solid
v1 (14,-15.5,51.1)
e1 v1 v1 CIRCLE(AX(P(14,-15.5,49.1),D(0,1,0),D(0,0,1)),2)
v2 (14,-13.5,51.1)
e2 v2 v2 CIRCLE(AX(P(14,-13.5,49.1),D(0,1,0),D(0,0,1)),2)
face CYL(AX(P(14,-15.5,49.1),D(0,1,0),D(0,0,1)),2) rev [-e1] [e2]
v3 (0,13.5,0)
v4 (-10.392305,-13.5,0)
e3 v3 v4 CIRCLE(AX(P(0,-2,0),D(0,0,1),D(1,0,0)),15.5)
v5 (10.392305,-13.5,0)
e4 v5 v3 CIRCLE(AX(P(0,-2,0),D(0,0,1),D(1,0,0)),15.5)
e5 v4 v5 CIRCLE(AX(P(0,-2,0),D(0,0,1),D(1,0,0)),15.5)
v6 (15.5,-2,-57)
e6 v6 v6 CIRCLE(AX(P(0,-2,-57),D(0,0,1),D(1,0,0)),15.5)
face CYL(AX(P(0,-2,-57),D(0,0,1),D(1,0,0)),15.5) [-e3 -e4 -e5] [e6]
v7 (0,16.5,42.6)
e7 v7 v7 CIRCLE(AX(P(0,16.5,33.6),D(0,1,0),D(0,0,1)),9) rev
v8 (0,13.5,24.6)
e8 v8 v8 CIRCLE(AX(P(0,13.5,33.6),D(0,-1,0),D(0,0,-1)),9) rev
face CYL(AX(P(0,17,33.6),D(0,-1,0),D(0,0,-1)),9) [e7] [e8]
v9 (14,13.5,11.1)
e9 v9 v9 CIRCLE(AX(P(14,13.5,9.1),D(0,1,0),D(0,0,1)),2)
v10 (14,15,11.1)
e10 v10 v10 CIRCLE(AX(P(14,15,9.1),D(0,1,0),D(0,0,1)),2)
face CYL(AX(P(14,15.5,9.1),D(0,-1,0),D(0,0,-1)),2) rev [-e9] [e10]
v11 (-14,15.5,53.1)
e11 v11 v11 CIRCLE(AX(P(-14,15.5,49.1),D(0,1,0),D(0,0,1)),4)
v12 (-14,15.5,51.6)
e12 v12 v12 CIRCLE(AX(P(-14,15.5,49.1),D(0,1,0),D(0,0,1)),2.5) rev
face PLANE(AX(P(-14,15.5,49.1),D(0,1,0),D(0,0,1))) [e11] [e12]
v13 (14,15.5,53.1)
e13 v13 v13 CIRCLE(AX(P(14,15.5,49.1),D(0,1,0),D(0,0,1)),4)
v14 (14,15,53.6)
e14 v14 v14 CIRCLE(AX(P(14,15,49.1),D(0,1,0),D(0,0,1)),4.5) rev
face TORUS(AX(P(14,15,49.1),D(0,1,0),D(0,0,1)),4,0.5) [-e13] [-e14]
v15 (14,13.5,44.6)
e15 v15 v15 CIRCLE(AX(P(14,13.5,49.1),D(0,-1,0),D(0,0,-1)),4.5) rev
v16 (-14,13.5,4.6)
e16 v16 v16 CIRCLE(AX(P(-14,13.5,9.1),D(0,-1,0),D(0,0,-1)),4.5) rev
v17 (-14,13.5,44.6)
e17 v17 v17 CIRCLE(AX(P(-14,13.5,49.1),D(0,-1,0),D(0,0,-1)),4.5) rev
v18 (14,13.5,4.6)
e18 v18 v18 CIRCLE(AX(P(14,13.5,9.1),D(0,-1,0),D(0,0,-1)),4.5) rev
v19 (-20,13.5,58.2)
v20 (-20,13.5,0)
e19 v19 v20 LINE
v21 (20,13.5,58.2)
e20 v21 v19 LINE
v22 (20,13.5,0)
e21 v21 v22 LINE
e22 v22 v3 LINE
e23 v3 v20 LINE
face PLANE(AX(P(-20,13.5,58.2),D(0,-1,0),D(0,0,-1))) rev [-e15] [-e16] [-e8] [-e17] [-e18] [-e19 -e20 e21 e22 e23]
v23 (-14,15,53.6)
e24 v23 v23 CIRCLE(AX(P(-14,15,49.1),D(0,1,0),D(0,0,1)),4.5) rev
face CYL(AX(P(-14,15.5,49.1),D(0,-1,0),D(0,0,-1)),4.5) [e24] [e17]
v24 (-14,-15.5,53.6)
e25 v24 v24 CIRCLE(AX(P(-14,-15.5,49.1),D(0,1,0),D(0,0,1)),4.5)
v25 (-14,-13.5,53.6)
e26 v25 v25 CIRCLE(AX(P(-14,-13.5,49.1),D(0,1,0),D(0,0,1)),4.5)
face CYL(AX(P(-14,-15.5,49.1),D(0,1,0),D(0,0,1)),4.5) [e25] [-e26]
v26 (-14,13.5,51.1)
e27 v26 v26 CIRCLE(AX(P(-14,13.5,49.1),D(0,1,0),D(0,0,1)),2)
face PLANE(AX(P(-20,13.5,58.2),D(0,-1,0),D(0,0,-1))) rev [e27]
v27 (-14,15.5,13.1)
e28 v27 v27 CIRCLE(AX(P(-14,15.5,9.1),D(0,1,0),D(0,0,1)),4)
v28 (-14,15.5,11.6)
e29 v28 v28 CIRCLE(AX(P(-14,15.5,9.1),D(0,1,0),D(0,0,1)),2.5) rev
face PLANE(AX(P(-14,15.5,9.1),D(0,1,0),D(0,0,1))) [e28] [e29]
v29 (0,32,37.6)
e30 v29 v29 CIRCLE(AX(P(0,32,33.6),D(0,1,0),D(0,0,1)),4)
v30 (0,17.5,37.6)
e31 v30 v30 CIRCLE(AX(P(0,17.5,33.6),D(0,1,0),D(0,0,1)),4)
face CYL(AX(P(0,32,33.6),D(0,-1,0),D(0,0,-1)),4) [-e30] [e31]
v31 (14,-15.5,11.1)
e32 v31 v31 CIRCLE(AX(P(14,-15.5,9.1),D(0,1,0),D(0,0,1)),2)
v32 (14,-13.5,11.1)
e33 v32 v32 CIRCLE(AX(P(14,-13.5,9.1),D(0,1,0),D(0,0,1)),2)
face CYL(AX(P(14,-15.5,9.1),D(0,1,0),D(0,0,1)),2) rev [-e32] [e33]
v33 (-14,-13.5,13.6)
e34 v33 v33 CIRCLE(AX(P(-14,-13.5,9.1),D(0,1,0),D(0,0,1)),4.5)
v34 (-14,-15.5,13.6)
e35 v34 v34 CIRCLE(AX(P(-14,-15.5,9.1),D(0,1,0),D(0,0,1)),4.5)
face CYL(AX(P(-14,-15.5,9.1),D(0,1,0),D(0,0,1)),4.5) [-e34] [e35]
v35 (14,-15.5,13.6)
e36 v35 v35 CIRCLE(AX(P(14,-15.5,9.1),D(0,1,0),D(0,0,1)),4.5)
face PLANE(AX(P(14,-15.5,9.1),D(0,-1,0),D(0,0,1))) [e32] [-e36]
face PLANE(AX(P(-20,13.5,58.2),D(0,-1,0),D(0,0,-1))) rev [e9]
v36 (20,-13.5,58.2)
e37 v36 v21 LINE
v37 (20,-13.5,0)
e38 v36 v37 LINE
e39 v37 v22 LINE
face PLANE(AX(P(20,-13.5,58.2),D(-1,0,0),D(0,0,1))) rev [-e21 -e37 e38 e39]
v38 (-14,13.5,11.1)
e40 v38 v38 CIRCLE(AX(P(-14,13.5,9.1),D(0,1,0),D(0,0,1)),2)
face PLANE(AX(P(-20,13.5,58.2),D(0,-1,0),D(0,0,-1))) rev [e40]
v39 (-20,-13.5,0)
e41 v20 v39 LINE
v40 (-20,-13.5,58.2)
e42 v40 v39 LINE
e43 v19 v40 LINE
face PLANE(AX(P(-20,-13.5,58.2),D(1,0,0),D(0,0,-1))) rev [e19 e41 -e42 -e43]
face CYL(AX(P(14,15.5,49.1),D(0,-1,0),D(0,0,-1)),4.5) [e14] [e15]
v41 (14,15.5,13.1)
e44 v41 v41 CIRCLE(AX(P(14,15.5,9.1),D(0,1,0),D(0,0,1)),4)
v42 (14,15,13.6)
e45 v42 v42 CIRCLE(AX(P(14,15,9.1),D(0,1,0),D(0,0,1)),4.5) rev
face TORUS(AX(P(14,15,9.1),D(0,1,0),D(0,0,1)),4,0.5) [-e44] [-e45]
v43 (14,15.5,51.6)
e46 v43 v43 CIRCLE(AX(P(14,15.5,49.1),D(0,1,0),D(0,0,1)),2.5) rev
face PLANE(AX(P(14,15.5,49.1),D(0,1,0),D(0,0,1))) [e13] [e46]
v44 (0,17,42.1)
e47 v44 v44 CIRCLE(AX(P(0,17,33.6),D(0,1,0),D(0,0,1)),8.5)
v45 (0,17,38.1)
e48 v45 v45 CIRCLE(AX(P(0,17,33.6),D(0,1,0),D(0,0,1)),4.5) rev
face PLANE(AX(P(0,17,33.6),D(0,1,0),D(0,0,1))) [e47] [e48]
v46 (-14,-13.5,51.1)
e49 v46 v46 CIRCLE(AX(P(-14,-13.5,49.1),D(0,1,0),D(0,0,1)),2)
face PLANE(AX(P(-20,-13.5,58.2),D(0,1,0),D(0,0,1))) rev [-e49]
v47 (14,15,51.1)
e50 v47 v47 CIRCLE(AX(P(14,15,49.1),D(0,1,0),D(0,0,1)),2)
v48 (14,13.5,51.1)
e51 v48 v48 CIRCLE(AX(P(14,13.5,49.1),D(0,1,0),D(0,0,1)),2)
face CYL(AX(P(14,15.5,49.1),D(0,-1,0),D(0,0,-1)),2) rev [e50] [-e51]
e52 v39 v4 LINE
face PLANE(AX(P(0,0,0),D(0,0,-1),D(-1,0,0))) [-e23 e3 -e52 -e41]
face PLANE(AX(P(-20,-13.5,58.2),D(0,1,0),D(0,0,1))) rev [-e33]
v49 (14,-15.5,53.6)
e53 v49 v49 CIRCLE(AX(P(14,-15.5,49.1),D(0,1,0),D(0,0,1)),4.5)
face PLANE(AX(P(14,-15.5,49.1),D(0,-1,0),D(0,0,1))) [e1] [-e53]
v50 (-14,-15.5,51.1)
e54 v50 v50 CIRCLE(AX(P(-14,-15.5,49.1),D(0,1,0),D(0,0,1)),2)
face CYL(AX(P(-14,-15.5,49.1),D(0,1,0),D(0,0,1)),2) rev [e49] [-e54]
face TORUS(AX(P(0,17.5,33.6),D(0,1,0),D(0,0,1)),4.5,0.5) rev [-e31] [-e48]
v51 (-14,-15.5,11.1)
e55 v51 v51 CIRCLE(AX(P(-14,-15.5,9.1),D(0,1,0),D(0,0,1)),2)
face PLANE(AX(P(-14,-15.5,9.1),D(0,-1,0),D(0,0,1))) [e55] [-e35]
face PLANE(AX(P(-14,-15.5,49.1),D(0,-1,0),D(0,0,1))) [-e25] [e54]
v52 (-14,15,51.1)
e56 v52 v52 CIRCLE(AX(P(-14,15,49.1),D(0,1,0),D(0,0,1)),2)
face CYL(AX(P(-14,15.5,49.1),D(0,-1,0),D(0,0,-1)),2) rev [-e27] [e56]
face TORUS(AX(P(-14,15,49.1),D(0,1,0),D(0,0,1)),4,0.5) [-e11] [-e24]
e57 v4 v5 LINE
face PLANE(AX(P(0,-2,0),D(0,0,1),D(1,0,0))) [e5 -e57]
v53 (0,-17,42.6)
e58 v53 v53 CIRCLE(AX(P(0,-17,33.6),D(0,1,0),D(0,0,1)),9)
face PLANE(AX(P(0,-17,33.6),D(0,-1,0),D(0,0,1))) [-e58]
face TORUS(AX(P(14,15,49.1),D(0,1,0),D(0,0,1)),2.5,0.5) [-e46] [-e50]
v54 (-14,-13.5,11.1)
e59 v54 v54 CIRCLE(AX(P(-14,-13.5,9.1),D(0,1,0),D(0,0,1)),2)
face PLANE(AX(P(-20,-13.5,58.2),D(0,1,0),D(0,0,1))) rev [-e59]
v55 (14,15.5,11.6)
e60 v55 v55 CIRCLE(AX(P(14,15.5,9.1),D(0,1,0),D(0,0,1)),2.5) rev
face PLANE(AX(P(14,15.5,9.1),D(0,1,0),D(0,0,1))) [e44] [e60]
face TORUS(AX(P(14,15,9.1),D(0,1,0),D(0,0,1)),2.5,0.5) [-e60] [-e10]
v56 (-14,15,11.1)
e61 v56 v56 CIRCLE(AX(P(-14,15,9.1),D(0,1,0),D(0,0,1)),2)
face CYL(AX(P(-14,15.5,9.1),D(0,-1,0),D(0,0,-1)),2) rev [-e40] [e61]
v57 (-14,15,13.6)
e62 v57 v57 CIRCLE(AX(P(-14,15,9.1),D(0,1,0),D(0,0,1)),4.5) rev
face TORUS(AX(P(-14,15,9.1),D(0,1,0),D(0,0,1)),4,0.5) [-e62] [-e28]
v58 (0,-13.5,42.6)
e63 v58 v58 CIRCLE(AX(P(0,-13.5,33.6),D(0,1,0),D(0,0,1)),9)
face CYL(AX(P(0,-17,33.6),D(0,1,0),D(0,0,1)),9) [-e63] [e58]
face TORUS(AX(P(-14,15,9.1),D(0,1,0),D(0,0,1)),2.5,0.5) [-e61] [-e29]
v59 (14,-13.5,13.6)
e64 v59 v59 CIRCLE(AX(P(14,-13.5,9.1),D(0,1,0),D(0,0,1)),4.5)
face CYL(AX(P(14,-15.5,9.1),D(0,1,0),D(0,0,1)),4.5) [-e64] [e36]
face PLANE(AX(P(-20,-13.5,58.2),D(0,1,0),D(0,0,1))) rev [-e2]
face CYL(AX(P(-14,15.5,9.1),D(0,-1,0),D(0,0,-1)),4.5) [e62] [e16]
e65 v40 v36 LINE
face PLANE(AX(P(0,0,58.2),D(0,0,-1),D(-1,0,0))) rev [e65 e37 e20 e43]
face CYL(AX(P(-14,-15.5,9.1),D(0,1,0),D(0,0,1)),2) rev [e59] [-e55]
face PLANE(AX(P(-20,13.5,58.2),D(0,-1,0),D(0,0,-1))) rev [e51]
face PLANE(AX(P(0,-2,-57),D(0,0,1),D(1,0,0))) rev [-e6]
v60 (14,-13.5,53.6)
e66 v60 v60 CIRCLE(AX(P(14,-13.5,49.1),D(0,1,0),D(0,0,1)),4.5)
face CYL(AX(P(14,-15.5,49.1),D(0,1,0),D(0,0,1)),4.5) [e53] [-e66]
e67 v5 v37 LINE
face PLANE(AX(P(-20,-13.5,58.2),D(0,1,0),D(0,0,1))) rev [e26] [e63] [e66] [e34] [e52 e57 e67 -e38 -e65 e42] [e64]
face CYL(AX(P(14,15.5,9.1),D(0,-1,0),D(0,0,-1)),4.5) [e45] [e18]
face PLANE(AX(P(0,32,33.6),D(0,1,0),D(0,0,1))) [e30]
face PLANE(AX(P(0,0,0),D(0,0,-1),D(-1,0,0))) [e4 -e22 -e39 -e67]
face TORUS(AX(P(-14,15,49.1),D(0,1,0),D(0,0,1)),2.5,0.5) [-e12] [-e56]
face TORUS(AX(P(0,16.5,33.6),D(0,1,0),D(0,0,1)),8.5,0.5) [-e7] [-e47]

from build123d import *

# Parameters (mm, degrees)
SKETCH1_W           = 40
SKETCH1_H           = 27
BOSS_EXTRUDE1_DEPTH = 58.2
SKETCH3_R           = 15.5
BOSS_EXTRUDE2_DEPTH = 57
SKETCH4_R           = 4.5
SKETCH4_R_2         = 2
BOSS_EXTRUDE3_DEPTH = 2
SKETCH5_R           = 9
BOSS_EXTRUDE4_DEPTH = 3.5
SKETCH6_R           = 4
BOSS_EXTRUDE5_DEPTH = 15
FILLET1_R           = 0.5


with BuildPart() as part:
    # Sketch1 → Boss-Extrude1 (new body)
    with BuildSketch(Plane.XY):
        Rectangle(SKETCH1_W, SKETCH1_H)
    extrude(amount=BOSS_EXTRUDE1_DEPTH)

    # Sketch3 → Boss-Extrude2 (add)
    with BuildSketch(Plane.XY):
        with Locations((0, -2)):
            Circle(SKETCH3_R)
    extrude(amount=-BOSS_EXTRUDE2_DEPTH)

    # Sketch4 → Boss-Extrude3 (add)
    # profile 1 of 4: a face of its own
    with BuildSketch(Plane(origin=(0, 13.5, 0), x_dir=(1, 0, 0), z_dir=(0, 1, 0))):
        with Locations(Location((14, -9.1, 0), (0, 0, 90))):
            Circle(SKETCH4_R)
        with Locations(Location((14, -9.1, 0), (0, 0, 270))):
            Circle(SKETCH4_R_2, mode=Mode.SUBTRACT)
    # profile 2 of 4: a face of its own
    with BuildSketch(Plane(origin=(0, 13.5, 0), x_dir=(1, 0, 0), z_dir=(0, 1, 0))):
        with Locations(Location((-14, -9.1, 0), (0, 0, 90))):
            Circle(SKETCH4_R)
        with Locations(Location((-14, -9.1, 0), (0, 0, 270))):
            Circle(SKETCH4_R_2, mode=Mode.SUBTRACT)
    # profile 3 of 4: a face of its own
    with BuildSketch(Plane(origin=(0, 13.5, 0), x_dir=(1, 0, 0), z_dir=(0, 1, 0))):
        with Locations(Location((14, -49.1, 0), (0, 0, 90))):
            Circle(SKETCH4_R)
        with Locations(Location((14, -49.1, 0), (0, 0, 270))):
            Circle(SKETCH4_R_2, mode=Mode.SUBTRACT)
    # profile 4 of 4: a face of its own
    with BuildSketch(Plane(origin=(0, 13.5, 0), x_dir=(1, 0, 0), z_dir=(0, 1, 0))):
        with Locations(Location((-14, -49.1, 0), (0, 0, 90))):
            Circle(SKETCH4_R)
        with Locations(Location((-14, -49.1, 0), (0, 0, 270))):
            Circle(SKETCH4_R_2, mode=Mode.SUBTRACT)
    boss_extrude3 = extrude(amount=BOSS_EXTRUDE3_DEPTH)

    # Sketch5 → Boss-Extrude4 (add)
    with BuildSketch(Plane(origin=(0, 13.5, 0), x_dir=(1, 0, 0), z_dir=(0, 1, 0))):
        with Locations(Location((0, -33.6, 0), (0, 0, 90))):
            Circle(SKETCH5_R)
    boss_extrude4 = extrude(amount=BOSS_EXTRUDE4_DEPTH)

    # Sketch6 → Boss-Extrude5 (add)
    with BuildSketch(Plane(origin=(0, 17, 0), x_dir=(1, 0, 0), z_dir=(0, 1, 0))):
        with Locations(Location((0, -33.6, 0), (0, 0, 270))):
            Circle(SKETCH6_R)
    extrude(amount=BOSS_EXTRUDE5_DEPTH)

    # Fillet1
    fillet1_edges = [part.edges().sort_by_distance(p)[0] for p in [
        (14, 15.5, 13.6),
        (14, 15.5, 7.1),
        (-14, 15.5, 13.6),
        (-14, 15.5, 7.1),
        (14, 15.5, 53.6),
        (14, 15.5, 47.1),
        (-14, 15.5, 53.6),
        (-14, 15.5, 47.1),
        (0, 17, 42.6),
        (0, 17, 29.6),
    ]]
    fillet(fillet1_edges, radius=FILLET1_R)

    # Mirror2: Boss-Extrude3, Boss-Extrude4 across plane
    add(boss_extrude3.mirror(Plane.ZX))
    add(boss_extrude4.mirror(Plane.ZX))


solid = part.part
